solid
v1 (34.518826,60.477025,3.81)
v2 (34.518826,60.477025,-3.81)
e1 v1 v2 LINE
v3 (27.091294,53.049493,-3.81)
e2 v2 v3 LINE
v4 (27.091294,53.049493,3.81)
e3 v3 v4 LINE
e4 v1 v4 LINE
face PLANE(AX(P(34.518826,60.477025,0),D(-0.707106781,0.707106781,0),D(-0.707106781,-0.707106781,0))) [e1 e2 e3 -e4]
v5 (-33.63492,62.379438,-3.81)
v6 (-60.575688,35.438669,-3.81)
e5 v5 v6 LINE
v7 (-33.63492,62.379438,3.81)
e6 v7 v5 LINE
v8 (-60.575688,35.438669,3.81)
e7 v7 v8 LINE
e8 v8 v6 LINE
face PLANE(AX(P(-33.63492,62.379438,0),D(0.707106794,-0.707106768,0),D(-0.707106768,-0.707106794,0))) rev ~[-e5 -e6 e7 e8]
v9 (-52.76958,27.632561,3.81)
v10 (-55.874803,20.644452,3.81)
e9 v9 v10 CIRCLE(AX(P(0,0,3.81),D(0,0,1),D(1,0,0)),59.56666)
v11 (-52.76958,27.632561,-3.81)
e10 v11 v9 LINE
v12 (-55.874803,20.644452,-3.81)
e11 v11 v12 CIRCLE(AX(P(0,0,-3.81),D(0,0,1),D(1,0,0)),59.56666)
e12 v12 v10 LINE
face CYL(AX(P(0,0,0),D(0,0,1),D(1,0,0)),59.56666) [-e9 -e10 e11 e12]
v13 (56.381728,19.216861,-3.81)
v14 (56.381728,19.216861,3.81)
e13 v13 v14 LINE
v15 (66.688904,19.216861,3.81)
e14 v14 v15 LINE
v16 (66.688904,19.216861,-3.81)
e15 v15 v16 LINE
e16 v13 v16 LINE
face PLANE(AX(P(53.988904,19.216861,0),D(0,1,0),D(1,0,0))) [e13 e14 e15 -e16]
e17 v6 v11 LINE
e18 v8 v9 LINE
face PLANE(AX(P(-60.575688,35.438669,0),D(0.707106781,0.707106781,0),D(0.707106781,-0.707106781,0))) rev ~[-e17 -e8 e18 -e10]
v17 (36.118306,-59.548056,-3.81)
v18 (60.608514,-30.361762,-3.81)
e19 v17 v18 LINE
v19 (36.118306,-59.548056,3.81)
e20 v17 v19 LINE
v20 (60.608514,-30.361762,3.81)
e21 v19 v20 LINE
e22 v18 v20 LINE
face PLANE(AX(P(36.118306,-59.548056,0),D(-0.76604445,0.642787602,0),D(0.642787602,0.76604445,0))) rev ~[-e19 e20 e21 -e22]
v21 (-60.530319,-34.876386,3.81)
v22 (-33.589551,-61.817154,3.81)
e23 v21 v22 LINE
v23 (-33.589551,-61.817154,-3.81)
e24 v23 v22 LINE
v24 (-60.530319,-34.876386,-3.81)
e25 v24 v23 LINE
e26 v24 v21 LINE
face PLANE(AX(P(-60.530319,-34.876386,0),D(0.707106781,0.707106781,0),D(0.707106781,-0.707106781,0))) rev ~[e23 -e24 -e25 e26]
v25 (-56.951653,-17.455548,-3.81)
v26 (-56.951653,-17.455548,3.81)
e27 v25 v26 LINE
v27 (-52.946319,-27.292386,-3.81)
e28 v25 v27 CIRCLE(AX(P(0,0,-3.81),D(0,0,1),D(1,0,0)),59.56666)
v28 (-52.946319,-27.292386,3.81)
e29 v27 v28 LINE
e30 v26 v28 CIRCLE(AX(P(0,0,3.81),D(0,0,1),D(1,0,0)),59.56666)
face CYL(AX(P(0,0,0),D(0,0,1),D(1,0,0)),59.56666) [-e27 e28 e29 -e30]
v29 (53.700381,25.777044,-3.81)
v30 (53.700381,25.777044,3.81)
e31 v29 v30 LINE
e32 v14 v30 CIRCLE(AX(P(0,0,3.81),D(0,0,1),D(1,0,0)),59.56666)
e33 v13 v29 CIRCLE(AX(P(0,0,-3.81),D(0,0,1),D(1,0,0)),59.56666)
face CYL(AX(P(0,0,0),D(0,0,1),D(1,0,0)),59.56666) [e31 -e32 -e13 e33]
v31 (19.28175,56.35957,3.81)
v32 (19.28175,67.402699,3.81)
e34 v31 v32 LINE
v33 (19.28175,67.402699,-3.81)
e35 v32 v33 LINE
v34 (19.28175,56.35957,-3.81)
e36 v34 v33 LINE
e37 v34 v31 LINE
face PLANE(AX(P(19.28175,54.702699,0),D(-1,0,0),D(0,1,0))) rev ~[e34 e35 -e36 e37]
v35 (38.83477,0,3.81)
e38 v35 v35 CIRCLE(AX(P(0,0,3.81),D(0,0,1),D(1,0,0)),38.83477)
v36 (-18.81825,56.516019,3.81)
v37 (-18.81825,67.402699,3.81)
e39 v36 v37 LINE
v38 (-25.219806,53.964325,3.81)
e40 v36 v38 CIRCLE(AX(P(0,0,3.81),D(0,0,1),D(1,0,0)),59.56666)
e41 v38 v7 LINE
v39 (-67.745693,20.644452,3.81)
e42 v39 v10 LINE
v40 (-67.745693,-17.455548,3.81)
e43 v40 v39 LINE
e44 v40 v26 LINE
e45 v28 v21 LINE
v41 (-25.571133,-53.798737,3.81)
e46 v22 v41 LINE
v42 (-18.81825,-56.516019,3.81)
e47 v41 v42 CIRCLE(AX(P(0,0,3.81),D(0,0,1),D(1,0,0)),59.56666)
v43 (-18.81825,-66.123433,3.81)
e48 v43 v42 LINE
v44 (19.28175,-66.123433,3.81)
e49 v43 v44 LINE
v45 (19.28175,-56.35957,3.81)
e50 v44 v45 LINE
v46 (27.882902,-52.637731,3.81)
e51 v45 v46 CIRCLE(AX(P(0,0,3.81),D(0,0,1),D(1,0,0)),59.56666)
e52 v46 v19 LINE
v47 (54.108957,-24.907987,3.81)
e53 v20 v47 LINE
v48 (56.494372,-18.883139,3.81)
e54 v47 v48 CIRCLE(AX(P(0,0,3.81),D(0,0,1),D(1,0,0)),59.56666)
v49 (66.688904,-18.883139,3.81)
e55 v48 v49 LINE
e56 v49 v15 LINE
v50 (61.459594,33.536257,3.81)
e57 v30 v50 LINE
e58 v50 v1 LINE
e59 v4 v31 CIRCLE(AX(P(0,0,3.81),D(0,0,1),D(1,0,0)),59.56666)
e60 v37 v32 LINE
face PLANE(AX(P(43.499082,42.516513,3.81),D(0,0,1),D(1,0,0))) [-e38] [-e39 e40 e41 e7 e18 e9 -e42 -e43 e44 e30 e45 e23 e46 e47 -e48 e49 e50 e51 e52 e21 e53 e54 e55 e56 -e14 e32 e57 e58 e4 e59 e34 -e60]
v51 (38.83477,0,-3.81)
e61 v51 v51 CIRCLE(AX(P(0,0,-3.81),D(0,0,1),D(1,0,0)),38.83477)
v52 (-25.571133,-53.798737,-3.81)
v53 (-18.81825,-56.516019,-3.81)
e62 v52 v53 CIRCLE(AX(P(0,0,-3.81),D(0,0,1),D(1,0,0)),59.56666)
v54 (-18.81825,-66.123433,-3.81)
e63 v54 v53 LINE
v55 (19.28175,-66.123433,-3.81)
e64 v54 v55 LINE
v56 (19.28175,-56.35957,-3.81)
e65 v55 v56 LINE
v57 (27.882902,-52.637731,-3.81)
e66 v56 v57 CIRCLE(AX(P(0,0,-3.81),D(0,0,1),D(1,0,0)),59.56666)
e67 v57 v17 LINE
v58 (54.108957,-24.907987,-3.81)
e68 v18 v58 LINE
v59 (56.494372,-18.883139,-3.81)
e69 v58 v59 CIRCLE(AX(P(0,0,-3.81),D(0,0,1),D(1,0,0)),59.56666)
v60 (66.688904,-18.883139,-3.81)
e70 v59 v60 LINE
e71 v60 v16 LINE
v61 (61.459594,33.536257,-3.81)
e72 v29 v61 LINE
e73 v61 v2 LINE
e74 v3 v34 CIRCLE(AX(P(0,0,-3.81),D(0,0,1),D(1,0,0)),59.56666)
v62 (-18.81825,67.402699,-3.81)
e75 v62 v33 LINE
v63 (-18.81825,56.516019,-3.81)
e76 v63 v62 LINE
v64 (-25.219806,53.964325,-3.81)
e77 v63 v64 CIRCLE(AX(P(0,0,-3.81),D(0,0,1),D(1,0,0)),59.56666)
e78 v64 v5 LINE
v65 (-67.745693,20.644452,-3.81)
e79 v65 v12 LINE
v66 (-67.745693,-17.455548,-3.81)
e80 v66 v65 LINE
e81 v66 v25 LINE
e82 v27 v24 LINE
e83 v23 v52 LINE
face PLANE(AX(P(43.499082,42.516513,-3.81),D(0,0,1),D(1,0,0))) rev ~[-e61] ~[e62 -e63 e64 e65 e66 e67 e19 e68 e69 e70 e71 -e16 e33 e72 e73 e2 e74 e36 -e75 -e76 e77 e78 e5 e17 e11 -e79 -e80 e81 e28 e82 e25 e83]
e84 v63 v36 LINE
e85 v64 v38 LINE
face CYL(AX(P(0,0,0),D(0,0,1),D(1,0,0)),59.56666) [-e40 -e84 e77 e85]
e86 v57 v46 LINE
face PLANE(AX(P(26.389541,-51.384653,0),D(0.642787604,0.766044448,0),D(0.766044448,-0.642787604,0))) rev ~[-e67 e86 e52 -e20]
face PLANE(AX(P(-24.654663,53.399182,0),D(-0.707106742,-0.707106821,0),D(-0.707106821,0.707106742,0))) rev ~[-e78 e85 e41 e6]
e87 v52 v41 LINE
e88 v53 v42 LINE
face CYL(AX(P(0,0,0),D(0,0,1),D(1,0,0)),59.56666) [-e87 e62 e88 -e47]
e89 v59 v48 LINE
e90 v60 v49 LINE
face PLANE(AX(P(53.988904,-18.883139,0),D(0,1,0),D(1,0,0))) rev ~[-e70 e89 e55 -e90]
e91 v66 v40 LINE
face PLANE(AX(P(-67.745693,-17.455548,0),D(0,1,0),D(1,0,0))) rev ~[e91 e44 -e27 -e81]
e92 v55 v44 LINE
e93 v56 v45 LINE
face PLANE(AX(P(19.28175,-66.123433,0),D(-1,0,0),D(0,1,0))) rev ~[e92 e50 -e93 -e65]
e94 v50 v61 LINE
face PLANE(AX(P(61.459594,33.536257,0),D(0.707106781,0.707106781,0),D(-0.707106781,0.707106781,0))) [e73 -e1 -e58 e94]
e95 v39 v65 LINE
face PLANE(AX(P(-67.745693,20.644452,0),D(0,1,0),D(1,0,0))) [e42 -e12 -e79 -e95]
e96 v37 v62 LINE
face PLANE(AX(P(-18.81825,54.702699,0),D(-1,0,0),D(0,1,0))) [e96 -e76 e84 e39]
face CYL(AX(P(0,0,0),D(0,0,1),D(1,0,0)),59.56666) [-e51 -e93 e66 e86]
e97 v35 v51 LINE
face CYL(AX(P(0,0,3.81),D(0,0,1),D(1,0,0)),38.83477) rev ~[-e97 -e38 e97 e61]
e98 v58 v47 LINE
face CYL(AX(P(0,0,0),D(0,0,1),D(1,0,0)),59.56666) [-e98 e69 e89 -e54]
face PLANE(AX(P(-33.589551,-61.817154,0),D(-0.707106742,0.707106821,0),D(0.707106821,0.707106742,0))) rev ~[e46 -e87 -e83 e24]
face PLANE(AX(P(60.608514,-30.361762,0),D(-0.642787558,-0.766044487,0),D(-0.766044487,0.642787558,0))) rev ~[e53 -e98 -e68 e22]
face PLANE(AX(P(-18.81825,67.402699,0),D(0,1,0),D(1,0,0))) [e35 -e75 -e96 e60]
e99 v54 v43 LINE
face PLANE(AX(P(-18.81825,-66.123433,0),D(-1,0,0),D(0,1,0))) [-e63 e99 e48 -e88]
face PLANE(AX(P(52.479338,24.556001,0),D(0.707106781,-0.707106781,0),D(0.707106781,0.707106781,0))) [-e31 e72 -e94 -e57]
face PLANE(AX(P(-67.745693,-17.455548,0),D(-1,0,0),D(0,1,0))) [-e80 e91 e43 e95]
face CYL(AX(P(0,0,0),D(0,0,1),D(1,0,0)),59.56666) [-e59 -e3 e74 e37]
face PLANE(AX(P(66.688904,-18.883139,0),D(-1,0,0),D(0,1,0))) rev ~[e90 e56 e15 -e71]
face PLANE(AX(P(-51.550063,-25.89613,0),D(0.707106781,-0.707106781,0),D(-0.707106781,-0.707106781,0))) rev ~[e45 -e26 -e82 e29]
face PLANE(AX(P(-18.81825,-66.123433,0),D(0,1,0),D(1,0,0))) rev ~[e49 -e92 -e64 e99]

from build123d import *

# Parameters (mm, degrees)
F0_R     = 59.56666
F1_DEPTH = 3.81
F2_R     = 38.83477
F3_DEPTH = 25.4
F4_W     = 12.7
F4_H     = 38.1
F4_W_2   = 38.1
F4_H_2   = 12.7
F5_DEPTH = 3.81


with BuildPart() as f1:
    # F0 (on Top) → F1 (new body, symmetric)
    with BuildSketch(Plane.XY):
        Circle(F0_R)
    extrude(amount=F1_DEPTH, both=True)

    # F2 (on face) → F3 (cut)
    with BuildSketch(Plane.XY.offset(3.81)):
        Circle(F2_R)
    extrude(amount=-F3_DEPTH, mode=Mode.SUBTRACT)

    # F4 (on Top) → F5 (join, symmetric)
    with BuildSketch(Plane.XY):
        Polygon((-51.550063, -25.89613), (-60.530319, -34.876386), (-33.589551, -61.817154), (-24.609294, -52.836898), align=None)
        Polygon((26.389541, -51.384653), (36.118306, -59.548056), (60.608514, -30.361762), (50.879749, -22.19836), align=None)
        with Locations((60.338904, 0.166861)):
            Rectangle(F4_W, F4_H)
        with Locations((0.23175, -59.773433)):
            Rectangle(F4_W_2, F4_H_2)
        with Locations((-61.395693, 1.594452)):
            Rectangle(F4_W, F4_H)
        Polygon((-60.575688, 35.438669), (-51.595432, 26.458413), (-24.654663, 53.399182), (-33.63492, 62.379438), align=None)
        with Locations((0.23175, 61.052699)):
            Rectangle(F4_W_2, F4_H_2)
        Polygon((34.518826, 60.477025), (25.53857, 51.496769), (52.479338, 24.556001), (61.459594, 33.536257), align=None)
    extrude(amount=F5_DEPTH, both=True)


solid = f1.part
